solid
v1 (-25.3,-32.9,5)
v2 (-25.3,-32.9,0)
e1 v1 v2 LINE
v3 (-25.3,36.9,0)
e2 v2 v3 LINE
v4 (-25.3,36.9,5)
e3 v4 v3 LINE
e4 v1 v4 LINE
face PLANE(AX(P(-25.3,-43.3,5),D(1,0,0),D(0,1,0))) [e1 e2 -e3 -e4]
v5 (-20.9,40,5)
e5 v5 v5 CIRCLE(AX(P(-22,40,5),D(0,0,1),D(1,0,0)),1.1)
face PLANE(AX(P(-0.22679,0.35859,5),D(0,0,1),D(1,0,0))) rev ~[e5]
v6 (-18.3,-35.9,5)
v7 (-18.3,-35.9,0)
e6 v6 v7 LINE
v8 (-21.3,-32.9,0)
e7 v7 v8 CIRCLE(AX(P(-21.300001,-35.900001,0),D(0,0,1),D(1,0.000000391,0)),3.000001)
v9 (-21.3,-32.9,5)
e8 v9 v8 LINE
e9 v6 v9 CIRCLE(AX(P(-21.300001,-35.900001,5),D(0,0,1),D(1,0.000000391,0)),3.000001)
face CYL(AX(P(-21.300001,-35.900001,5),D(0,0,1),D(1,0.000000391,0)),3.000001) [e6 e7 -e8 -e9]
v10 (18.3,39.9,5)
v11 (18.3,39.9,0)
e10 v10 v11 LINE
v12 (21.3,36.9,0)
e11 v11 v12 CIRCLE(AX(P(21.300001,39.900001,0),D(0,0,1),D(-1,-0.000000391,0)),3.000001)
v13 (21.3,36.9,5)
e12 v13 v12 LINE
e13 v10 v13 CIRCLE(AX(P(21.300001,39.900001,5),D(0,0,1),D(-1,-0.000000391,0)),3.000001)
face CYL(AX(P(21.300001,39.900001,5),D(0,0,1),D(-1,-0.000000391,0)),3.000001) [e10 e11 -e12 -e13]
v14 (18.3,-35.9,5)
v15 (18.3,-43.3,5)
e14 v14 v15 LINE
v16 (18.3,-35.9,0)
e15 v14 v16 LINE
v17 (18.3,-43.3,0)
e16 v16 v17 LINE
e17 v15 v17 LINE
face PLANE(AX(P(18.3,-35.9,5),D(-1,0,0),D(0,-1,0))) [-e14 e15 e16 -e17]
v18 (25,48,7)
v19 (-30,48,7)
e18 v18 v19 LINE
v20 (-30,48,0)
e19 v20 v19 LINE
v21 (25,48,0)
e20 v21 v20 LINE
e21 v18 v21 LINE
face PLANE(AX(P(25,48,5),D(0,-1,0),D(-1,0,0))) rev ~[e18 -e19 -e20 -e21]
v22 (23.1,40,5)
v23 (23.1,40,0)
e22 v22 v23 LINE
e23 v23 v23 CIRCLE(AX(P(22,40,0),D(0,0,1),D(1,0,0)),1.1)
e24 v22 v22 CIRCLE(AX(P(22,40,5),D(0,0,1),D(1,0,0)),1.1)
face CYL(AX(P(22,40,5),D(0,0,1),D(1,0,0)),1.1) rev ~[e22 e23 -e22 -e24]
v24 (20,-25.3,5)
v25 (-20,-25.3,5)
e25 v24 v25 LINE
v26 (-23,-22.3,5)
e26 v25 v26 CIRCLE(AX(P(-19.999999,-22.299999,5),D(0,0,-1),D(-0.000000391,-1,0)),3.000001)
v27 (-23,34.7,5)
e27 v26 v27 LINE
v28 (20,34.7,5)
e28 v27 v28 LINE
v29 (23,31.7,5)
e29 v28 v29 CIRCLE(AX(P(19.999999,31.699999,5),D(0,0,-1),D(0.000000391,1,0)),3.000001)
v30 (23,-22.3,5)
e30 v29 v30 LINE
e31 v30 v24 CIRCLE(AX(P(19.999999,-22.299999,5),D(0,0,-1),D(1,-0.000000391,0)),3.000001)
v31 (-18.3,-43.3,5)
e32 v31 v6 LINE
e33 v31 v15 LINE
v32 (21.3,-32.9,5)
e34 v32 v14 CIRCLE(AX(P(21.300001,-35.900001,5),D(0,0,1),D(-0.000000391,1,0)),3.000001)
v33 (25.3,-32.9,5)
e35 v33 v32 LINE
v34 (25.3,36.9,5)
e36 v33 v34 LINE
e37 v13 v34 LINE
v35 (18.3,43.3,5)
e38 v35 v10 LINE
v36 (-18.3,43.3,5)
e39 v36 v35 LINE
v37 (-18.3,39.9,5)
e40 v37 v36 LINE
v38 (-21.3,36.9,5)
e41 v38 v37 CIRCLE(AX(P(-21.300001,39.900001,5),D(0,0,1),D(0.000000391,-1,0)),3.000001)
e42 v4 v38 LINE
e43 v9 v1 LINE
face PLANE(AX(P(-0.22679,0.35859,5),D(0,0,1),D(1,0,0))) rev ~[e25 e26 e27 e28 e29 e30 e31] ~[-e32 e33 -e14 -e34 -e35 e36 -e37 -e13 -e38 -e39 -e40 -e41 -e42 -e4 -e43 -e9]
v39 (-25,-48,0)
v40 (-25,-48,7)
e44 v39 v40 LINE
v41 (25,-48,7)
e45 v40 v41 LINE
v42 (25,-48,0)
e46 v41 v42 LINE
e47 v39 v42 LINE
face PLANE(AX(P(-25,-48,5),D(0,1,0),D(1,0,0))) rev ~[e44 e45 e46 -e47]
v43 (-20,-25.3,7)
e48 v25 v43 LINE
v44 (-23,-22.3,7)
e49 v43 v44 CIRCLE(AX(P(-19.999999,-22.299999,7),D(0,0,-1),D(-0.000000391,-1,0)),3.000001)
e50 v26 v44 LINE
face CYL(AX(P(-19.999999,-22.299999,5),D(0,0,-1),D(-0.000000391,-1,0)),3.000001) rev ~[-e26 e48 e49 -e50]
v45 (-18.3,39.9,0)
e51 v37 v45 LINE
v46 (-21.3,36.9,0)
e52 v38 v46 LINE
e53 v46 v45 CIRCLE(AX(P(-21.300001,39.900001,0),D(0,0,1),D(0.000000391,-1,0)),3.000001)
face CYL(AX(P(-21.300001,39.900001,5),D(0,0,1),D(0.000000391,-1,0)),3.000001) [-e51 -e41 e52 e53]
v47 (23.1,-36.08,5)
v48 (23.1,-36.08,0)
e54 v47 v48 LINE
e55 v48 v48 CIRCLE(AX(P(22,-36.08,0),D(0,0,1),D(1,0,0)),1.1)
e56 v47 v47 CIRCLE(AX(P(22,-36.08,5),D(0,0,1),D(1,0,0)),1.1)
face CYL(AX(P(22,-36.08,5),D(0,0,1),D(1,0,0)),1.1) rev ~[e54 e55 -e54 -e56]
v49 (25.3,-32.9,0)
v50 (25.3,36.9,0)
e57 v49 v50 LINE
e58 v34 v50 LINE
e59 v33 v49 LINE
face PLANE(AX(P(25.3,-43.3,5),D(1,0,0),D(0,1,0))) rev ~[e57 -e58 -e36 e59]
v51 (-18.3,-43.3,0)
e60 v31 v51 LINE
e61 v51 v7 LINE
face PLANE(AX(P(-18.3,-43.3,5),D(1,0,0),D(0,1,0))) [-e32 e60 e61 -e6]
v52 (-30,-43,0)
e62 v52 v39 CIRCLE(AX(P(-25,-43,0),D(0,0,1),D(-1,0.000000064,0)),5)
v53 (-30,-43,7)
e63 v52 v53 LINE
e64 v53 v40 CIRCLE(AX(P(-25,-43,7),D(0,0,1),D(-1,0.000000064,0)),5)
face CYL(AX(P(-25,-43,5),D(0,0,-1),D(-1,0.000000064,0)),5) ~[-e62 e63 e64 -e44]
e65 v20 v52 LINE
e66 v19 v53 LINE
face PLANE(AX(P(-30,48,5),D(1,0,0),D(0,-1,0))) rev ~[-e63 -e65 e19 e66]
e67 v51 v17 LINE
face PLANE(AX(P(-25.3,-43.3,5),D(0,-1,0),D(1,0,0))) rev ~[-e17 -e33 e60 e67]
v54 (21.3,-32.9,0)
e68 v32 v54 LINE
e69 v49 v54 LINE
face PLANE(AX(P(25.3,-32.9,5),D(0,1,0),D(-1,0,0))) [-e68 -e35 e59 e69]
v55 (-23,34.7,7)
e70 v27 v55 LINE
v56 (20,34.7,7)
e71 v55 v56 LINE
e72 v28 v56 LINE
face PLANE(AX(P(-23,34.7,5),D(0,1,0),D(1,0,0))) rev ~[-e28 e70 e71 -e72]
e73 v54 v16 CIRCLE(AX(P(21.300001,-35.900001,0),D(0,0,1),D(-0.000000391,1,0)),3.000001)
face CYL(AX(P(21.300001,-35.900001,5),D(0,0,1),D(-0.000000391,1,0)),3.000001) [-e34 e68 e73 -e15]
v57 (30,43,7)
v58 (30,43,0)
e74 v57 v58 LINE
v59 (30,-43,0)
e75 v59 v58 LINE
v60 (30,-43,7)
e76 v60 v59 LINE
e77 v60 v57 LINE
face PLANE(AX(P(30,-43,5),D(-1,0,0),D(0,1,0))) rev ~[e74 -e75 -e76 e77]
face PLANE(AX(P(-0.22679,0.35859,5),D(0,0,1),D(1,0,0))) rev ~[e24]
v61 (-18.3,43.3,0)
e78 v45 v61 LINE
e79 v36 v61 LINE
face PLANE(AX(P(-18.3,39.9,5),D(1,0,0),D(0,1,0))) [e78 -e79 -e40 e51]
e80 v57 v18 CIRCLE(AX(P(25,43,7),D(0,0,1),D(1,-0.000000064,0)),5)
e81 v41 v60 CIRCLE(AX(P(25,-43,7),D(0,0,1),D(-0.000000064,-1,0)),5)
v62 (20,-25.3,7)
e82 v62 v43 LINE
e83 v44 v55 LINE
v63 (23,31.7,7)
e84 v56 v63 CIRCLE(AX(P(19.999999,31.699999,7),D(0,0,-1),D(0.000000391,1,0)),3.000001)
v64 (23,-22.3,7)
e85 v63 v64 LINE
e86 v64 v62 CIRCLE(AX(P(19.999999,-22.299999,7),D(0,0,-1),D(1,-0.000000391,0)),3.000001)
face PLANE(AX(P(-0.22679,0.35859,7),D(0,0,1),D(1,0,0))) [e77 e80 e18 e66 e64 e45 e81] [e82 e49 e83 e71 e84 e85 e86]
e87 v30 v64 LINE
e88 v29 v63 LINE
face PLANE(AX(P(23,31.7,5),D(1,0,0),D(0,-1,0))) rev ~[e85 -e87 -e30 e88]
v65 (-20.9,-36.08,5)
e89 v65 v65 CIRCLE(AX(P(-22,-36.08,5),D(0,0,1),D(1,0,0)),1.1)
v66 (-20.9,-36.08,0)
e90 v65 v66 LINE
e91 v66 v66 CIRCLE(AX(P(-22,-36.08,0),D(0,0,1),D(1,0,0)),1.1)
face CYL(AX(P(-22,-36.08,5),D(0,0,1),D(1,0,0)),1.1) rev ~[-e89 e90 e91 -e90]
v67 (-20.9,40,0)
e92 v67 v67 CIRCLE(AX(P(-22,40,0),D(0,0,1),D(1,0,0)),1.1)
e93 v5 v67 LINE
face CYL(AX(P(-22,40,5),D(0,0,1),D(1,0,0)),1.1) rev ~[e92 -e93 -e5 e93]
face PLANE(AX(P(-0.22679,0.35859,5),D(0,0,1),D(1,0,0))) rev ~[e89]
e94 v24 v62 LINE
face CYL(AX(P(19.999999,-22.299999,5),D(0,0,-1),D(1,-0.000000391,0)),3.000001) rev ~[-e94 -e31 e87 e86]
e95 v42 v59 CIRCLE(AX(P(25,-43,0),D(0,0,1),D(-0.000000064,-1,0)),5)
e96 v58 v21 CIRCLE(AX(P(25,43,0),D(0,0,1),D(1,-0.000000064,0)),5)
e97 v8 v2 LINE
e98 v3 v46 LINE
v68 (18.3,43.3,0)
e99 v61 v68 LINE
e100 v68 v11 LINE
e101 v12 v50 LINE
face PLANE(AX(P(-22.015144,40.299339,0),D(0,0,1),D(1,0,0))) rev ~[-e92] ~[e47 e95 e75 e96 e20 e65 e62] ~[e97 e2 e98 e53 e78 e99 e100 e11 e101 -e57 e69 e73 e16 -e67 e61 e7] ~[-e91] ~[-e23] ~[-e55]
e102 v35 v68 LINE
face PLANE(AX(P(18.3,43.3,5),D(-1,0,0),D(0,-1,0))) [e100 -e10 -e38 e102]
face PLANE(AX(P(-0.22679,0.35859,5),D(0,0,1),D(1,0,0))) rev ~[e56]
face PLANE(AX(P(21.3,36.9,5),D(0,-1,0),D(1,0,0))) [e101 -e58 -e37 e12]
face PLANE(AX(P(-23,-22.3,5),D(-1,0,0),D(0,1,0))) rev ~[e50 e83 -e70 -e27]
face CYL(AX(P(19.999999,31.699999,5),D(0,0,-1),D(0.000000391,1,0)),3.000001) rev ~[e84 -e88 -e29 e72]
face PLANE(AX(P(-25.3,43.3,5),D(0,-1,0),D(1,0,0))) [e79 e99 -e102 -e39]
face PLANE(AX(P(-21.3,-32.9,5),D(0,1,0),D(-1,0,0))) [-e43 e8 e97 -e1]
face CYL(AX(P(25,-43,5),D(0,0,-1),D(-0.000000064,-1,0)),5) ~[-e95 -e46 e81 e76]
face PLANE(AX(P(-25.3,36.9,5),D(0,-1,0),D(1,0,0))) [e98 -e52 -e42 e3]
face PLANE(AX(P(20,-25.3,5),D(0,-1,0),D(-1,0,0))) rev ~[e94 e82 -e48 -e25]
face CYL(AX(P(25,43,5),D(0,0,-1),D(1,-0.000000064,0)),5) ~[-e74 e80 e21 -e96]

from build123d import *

# Parameters (mm, degrees)
F0_R     = 1.5
F1_DEPTH = 5
F2_W     = 50.6
F2_H     = 86.6
F2_R     = 1.5
F3_DEPTH = 5
F4_R     = 1.1
F5_DEPTH = 5
F7_DEPTH = 2


with BuildPart() as f1:
    # F0 (on Top) → F1 (new body)
    with BuildSketch(Plane.XY):
        with BuildLine():
            Line((-25, -48), (25, -48))
            ThreePointArc((25, -48), (28.535534, -46.535534), (30, -43))
            Line((30, -43), (30, 43))
            ThreePointArc((30, 43), (28.535534, 46.535534), (25, 48))
            Line((25, 48), (-27, 48))
            Line((-27, 48), (-30, 48))
            Line((-30, 48), (-30, 43))
            Line((-30, 43), (-30, -43))
            ThreePointArc((-30, -43), (-28.535534, -46.535534), (-25, -48))
        make_face()
        with Locations((-22, -36.08)):
            Circle(F0_R, mode=Mode.SUBTRACT)
        with Locations((22, -36.08)):
            Circle(F0_R, mode=Mode.SUBTRACT)
        with Locations((-22, 40)):
            Circle(F0_R, mode=Mode.SUBTRACT)
        with Locations((22, 40)):
            Circle(F0_R, mode=Mode.SUBTRACT)
    extrude(amount=F1_DEPTH)

    # F2 (on face) → F3 (cut)
    with BuildSketch(Plane.XY.offset(5)):
        Rectangle(F2_W, F2_H)
        with Locations((-22, -36.08)):
            Circle(F2_R, mode=Mode.SUBTRACT)
        with Locations((22, -36.08)):
            Circle(F2_R, mode=Mode.SUBTRACT)
        with Locations((-22, 40)):
            Circle(F2_R, mode=Mode.SUBTRACT)
        with Locations((22, 40)):
            Circle(F2_R, mode=Mode.SUBTRACT)
    extrude(amount=-F3_DEPTH, mode=Mode.SUBTRACT)

    # F4 (on face) → F5 (join)
    with BuildSketch(Plane.XY.offset(5)):
        with BuildLine():
            Line((-18.3, 43.3), (-25.3, 43.3))
            Line((-25.3, 43.3), (-25.3, 36.9))
            Line((-25.3, 36.9), (-21.3, 36.9))
            ThreePointArc((-21.3, 36.9), (-19.17868, 37.77868), (-18.3, 39.9))
            Line((-18.3, 39.9), (-18.3, 43.3))
        make_face()
        with Locations((-22, 40)):
            Circle(F4_R, mode=Mode.SUBTRACT)
        with BuildLine():
            Line((25.3, 36.9), (25.3, 43.3))
            Line((25.3, 43.3), (18.3, 43.3))
            Line((18.3, 43.3), (18.3, 39.9))
            ThreePointArc((18.3, 39.9), (19.17868, 37.77868), (21.3, 36.9))
            Line((21.3, 36.9), (25.3, 36.9))
        make_face()
        with Locations((22, 40)):
            Circle(F4_R, mode=Mode.SUBTRACT)
        with BuildLine():
            Line((18.3, -43.3), (25.3, -43.3))
            Line((25.3, -43.3), (25.3, -32.9))
            Line((25.3, -32.9), (21.3, -32.9))
            ThreePointArc((21.3, -32.9), (19.17868, -33.77868), (18.3, -35.9))
            Line((18.3, -35.9), (18.3, -43.3))
        make_face()
        with Locations((22, -36.08)):
            Circle(F4_R, mode=Mode.SUBTRACT)
        with BuildLine():
            Line((-25.3, -32.9), (-25.3, -43.3))
            Line((-25.3, -43.3), (-18.3, -43.3))
            Line((-18.3, -43.3), (-18.3, -35.9))
            ThreePointArc((-18.3, -35.9), (-19.17868, -33.77868), (-21.3, -32.9))
            Line((-21.3, -32.9), (-25.3, -32.9))
        make_face()
        with Locations((-22, -36.08)):
            Circle(F4_R, mode=Mode.SUBTRACT)
    extrude(amount=-F5_DEPTH)

    # F6 (on face) → F7 (join)
    with BuildSketch(Plane.XY.offset(5)):
        with BuildLine():
            Line((25, 48), (-30, 48))
            Line((-30, 48), (-30, -43))
            ThreePointArc((-30, -43), (-28.535534, -46.535534), (-25, -48))
            Line((-25, -48), (25, -48))
            ThreePointArc((25, -48), (28.535534, -46.535534), (30, -43))
            Line((30, -43), (30, 43))
            ThreePointArc((30, 43), (28.535534, 46.535534), (25, 48))
        make_face()
        with BuildLine():
            Line((-23, 34.7), (-20, 34.7))
            Line((-20, 34.7), (20, 34.7))
            ThreePointArc((20, 34.7), (22.12132, 33.82132), (23, 31.7))
            Line((23, 31.7), (23, -22.3))
            ThreePointArc((23, -22.3), (22.12132, -24.42132), (20, -25.3))
            Line((20, -25.3), (-20, -25.3))
            ThreePointArc((-20, -25.3), (-22.12132, -24.42132), (-23, -22.3))
            Line((-23, -22.3), (-23, 31.7))
            Line((-23, 31.7), (-23, 34.7))
        make_face(mode=Mode.SUBTRACT)
    extrude(amount=F7_DEPTH)


solid = f1.part
